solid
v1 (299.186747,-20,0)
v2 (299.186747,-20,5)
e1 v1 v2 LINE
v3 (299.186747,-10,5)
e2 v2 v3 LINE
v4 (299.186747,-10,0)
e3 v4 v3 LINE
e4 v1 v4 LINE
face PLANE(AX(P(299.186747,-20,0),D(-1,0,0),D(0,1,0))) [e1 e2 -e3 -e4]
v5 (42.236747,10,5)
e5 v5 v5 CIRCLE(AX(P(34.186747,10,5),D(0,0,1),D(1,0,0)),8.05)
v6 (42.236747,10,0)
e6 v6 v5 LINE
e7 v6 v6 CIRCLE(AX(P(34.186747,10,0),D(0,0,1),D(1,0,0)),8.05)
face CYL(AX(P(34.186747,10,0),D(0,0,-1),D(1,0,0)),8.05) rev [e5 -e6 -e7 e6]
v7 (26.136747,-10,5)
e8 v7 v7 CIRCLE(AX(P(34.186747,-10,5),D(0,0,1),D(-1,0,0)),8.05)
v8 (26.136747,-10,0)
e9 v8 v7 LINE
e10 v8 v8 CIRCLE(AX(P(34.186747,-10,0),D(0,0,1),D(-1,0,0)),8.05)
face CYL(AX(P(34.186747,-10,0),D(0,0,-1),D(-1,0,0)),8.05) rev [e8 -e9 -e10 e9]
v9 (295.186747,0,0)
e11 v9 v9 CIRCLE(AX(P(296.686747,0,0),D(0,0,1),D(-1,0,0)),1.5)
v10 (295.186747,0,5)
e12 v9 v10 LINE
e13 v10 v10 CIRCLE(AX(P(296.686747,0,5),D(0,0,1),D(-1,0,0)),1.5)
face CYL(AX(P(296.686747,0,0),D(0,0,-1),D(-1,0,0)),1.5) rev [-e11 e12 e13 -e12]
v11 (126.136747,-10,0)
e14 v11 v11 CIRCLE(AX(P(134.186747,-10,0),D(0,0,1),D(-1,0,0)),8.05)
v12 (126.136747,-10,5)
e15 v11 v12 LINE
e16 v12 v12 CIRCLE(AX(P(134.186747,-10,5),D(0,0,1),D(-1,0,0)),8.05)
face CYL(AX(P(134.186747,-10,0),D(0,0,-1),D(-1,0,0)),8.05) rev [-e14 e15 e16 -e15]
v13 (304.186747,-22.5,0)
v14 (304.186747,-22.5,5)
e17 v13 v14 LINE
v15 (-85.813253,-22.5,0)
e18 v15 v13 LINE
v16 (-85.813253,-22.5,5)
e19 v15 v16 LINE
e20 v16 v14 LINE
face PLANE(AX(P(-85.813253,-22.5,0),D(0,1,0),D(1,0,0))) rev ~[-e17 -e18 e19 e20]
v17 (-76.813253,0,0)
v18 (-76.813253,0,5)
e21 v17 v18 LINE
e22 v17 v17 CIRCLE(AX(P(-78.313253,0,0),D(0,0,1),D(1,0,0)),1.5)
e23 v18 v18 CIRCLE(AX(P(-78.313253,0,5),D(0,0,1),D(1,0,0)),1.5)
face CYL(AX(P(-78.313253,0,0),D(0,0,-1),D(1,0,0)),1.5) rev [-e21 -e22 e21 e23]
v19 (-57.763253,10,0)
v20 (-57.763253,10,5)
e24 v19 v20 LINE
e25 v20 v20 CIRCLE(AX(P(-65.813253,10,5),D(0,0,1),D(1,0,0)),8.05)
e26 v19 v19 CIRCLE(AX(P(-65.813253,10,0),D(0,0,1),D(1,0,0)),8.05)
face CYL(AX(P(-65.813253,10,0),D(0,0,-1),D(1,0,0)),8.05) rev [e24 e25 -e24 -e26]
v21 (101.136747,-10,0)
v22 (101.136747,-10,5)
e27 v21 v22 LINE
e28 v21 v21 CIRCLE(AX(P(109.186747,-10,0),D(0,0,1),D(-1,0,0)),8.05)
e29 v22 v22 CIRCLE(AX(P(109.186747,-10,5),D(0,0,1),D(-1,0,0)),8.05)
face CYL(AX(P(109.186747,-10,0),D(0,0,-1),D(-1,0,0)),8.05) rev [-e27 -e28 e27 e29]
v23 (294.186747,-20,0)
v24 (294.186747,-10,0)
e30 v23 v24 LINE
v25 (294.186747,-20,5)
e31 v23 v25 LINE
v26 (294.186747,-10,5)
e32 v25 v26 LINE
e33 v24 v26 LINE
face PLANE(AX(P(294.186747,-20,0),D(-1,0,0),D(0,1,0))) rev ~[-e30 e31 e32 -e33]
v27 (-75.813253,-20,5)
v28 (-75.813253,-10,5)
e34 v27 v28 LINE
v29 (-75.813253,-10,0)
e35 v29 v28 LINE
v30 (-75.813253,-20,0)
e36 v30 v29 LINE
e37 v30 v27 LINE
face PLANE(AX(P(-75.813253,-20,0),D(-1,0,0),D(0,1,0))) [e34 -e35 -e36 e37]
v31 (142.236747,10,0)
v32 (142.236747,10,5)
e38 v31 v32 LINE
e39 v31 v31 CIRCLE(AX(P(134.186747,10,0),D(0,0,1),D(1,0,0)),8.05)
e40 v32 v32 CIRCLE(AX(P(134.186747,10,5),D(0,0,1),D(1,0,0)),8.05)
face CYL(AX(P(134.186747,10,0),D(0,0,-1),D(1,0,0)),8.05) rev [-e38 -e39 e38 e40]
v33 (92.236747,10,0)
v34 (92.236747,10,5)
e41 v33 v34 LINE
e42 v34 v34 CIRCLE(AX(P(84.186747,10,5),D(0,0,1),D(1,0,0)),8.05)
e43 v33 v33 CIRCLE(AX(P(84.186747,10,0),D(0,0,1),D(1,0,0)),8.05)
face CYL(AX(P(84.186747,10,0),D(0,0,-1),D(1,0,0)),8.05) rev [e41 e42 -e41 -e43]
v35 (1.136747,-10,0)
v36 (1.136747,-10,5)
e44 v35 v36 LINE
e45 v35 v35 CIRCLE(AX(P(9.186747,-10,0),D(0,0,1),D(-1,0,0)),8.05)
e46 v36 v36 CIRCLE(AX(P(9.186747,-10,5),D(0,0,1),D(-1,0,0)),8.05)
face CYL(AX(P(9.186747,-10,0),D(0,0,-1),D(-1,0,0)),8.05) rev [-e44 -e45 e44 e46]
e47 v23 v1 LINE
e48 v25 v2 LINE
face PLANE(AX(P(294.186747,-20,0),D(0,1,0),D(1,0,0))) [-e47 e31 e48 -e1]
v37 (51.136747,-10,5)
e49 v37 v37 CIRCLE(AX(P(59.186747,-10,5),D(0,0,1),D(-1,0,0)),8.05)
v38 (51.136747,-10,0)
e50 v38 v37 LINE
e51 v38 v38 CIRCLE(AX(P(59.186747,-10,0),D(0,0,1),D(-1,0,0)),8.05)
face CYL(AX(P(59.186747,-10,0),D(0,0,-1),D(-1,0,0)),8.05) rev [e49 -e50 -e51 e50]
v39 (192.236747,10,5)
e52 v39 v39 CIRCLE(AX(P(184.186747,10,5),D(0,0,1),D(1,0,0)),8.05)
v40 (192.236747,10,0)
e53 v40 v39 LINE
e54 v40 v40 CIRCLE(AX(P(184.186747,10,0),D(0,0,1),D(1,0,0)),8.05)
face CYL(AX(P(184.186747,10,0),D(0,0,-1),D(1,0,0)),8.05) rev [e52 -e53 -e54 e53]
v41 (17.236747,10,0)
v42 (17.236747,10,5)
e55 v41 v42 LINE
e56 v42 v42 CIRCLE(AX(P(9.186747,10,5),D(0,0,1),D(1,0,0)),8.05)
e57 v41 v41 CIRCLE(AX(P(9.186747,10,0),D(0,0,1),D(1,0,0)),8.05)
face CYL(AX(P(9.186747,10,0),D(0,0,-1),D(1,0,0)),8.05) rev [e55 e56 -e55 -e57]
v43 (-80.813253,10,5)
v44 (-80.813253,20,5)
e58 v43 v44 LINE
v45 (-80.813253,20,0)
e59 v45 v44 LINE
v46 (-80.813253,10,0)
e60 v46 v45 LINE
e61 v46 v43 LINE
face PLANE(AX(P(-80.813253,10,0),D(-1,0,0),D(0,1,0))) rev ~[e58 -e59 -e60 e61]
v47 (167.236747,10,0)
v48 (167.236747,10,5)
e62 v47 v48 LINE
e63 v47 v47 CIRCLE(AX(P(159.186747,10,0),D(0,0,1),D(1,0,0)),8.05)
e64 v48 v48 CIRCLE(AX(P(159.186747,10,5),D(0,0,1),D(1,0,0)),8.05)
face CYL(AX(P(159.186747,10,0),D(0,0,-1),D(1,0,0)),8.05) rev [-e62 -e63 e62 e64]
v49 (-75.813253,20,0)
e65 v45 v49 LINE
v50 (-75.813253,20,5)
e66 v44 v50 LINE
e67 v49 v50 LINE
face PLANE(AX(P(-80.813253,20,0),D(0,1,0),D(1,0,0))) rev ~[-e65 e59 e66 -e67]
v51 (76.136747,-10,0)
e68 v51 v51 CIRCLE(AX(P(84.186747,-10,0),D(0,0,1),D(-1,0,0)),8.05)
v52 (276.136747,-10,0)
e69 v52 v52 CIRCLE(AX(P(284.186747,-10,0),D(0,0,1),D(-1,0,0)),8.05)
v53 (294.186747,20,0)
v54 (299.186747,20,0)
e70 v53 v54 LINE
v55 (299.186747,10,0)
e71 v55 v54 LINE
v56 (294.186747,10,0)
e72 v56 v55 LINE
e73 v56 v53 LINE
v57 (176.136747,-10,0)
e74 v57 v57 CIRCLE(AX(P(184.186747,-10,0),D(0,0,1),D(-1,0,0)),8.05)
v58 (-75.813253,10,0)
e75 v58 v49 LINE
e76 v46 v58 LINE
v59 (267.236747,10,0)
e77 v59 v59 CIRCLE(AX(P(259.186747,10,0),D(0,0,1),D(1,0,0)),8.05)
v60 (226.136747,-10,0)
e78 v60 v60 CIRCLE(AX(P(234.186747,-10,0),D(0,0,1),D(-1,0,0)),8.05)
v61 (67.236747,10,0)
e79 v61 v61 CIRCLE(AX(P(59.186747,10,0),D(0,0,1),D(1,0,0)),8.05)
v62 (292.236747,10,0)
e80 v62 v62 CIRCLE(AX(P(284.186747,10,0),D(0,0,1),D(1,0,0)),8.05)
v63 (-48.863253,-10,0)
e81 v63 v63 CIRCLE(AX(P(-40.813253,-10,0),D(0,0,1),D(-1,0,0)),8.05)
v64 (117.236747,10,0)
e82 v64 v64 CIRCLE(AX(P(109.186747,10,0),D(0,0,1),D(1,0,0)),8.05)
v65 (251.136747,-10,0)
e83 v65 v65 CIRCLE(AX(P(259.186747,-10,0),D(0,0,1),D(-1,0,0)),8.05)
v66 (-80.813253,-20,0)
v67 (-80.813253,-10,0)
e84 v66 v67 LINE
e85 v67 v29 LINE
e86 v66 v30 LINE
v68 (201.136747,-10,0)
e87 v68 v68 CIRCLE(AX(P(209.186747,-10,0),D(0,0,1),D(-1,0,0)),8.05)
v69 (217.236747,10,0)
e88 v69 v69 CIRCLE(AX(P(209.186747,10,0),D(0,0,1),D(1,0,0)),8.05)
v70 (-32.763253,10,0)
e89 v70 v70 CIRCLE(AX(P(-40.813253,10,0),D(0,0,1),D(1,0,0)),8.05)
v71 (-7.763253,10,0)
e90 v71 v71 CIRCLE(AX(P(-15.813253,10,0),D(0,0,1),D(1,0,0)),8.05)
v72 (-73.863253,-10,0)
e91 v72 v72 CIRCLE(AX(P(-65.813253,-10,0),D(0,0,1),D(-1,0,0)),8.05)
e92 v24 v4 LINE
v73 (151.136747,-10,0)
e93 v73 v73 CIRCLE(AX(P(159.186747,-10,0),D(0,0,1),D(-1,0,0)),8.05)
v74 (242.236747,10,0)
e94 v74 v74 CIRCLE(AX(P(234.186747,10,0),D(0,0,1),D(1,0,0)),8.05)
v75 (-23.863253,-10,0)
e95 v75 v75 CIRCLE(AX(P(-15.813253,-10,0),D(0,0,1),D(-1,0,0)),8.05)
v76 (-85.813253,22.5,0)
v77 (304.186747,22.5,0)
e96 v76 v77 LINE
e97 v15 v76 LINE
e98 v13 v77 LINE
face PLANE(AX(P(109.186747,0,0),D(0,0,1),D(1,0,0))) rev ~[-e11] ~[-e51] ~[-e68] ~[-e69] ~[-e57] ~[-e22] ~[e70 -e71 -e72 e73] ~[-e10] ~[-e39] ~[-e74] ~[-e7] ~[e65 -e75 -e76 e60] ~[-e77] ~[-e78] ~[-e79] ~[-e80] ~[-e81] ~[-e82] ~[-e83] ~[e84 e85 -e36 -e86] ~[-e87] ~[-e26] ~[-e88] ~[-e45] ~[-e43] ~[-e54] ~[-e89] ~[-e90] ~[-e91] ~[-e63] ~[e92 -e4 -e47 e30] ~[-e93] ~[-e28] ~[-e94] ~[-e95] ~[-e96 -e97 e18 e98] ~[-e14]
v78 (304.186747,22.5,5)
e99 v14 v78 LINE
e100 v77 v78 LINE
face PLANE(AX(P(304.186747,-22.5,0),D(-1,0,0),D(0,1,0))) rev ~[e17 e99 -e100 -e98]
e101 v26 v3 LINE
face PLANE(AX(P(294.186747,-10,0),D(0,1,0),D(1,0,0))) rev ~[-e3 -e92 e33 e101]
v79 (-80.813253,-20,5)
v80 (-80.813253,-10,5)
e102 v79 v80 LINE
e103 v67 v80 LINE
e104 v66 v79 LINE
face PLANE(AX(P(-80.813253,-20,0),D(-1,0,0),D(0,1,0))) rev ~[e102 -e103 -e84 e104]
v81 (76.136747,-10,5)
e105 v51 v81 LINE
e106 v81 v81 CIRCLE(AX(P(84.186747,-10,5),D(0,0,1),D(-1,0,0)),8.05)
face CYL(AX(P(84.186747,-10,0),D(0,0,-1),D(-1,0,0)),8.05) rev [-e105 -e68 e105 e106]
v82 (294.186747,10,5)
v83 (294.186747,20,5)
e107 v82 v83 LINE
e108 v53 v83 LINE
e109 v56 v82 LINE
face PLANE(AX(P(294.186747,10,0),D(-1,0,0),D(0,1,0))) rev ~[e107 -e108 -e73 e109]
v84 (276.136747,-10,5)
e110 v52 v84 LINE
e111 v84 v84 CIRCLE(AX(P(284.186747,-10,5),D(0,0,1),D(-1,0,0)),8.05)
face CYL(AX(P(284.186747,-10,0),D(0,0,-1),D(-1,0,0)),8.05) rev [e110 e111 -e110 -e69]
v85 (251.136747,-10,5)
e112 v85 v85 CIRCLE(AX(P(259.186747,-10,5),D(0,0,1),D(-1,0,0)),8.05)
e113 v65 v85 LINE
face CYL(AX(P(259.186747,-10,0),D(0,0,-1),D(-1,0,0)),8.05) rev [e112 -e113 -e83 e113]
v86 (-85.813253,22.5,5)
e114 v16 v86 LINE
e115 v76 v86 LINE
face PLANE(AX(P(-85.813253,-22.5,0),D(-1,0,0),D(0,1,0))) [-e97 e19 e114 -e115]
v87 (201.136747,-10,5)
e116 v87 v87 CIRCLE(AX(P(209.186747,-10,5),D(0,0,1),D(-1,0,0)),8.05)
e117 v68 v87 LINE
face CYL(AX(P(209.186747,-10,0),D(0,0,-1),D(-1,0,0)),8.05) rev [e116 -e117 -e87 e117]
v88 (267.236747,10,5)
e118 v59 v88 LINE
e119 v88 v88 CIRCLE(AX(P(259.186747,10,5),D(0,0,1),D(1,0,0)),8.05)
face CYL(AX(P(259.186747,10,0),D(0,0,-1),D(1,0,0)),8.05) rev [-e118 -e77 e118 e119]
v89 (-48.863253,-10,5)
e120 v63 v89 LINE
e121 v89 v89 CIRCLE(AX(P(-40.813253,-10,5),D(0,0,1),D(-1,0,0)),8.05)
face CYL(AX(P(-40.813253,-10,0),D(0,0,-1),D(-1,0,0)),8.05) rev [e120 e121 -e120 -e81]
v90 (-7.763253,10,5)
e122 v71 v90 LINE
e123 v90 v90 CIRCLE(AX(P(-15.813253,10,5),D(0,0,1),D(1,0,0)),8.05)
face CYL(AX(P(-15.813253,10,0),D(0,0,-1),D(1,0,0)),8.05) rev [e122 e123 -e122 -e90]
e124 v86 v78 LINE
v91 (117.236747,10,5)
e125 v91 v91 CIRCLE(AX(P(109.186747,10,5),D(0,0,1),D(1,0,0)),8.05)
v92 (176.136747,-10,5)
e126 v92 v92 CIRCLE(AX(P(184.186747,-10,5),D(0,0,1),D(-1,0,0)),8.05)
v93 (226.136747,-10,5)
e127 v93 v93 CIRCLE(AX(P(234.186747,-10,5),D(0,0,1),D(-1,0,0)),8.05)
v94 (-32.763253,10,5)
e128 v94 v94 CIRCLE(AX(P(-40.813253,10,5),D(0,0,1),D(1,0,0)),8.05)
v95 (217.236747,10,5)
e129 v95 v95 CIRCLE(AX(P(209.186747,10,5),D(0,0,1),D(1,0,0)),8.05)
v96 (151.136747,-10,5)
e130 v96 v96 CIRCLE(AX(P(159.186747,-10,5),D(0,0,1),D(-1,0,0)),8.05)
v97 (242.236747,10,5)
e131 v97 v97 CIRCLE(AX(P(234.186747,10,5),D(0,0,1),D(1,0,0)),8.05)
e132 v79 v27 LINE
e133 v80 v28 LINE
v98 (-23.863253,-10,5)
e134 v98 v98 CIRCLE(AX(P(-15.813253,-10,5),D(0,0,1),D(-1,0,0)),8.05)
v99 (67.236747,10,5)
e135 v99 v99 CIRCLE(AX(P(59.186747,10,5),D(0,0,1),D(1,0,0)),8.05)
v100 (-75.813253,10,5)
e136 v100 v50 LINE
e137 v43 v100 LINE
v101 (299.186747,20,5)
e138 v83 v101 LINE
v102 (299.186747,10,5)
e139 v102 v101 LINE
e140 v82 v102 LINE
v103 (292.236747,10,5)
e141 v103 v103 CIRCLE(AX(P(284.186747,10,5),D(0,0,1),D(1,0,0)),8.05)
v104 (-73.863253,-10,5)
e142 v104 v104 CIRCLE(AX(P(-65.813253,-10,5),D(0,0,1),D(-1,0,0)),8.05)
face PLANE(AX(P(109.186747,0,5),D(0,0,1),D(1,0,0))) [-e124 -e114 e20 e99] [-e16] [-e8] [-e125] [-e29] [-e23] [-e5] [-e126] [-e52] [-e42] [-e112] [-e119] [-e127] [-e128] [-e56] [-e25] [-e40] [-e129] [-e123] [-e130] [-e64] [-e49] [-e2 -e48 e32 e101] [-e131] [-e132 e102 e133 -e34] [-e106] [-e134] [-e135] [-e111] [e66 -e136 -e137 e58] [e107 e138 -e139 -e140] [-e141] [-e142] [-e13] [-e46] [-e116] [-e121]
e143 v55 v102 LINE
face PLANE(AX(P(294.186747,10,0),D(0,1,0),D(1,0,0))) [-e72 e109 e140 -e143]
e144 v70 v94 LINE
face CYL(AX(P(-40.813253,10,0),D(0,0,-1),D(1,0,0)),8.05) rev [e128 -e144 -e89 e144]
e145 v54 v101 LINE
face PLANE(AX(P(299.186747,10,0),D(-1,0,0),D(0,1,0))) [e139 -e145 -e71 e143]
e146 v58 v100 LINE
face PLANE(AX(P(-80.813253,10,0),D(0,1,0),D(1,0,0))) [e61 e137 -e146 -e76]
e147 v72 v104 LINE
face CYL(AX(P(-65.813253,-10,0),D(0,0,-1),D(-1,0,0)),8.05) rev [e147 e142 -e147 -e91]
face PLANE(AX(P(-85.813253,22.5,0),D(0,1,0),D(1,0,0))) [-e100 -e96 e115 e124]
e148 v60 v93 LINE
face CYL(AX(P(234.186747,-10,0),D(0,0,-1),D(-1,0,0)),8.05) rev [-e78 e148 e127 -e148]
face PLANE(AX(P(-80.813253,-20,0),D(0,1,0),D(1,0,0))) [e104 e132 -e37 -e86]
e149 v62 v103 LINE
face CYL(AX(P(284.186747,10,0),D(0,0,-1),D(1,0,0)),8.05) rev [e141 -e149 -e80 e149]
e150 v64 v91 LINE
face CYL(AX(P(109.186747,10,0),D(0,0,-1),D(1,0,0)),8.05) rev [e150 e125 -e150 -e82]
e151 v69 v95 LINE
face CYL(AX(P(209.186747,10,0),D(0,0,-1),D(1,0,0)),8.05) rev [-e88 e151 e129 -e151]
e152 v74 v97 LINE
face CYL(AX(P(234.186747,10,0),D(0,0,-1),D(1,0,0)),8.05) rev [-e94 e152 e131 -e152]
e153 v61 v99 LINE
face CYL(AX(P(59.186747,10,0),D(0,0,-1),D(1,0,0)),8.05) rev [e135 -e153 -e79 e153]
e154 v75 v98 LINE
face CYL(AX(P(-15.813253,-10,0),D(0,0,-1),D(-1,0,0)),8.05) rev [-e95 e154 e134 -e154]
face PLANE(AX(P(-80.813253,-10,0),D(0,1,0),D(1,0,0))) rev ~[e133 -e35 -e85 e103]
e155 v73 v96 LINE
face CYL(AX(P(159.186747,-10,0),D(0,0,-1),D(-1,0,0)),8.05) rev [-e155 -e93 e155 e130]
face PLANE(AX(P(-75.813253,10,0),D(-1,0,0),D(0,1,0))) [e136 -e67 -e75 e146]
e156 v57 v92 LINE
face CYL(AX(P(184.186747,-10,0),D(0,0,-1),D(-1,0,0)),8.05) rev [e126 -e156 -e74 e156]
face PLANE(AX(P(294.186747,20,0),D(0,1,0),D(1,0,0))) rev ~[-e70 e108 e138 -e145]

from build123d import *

# Parameters (mm, degrees)
SKETCH1_W           = 390
SKETCH1_H           = 45
SKETCH1_R           = 8.05
SKETCH1_R_2         = 1.5
SKETCH1_W_2         = 5
SKETCH1_H_2         = 10
BOSS_EXTRUDE1_DEPTH = 5


with BuildPart() as part:
    # Sketch1 → Boss-Extrude1 (new body)
    with BuildSketch(Plane.XY):
        with Locations((109.186746988, 0)):
            Rectangle(SKETCH1_W, SKETCH1_H)
        with Locations((-65.813253012, 10)):
            Circle(SKETCH1_R, mode=Mode.SUBTRACT)
        with Locations((-40.813253012, 10)):
            Circle(SKETCH1_R, mode=Mode.SUBTRACT)
        with Locations((-15.813253012, 10)):
            Circle(SKETCH1_R, mode=Mode.SUBTRACT)
        with Locations((9.186746988, 10)):
            Circle(SKETCH1_R, mode=Mode.SUBTRACT)
        with Locations((34.186746988, 10)):
            Circle(SKETCH1_R, mode=Mode.SUBTRACT)
        with Locations((59.186746988, 10)):
            Circle(SKETCH1_R, mode=Mode.SUBTRACT)
        with Locations((84.186746988, 10)):
            Circle(SKETCH1_R, mode=Mode.SUBTRACT)
        with Locations((109.186746988, 10)):
            Circle(SKETCH1_R, mode=Mode.SUBTRACT)
        with Locations((134.186746988, 10)):
            Circle(SKETCH1_R, mode=Mode.SUBTRACT)
        with Locations((159.186746988, 10)):
            Circle(SKETCH1_R, mode=Mode.SUBTRACT)
        with Locations((184.186746988, 10)):
            Circle(SKETCH1_R, mode=Mode.SUBTRACT)
        with Locations((209.186746988, 10)):
            Circle(SKETCH1_R, mode=Mode.SUBTRACT)
        with Locations((234.186746988, 10)):
            Circle(SKETCH1_R, mode=Mode.SUBTRACT)
        with Locations((259.186746988, 10)):
            Circle(SKETCH1_R, mode=Mode.SUBTRACT)
        with Locations((284.186746988, 10)):
            Circle(SKETCH1_R, mode=Mode.SUBTRACT)
        with Locations(Location((284.186746988, -10, 0), (0, 0, 180))):
            Circle(SKETCH1_R, mode=Mode.SUBTRACT)
        with Locations(Location((259.186746988, -10, 0), (0, 0, 180))):
            Circle(SKETCH1_R, mode=Mode.SUBTRACT)
        with Locations(Location((234.186746988, -10, 0), (0, 0, 180))):
            Circle(SKETCH1_R, mode=Mode.SUBTRACT)
        with Locations(Location((209.186746988, -10, 0), (0, 0, 180))):
            Circle(SKETCH1_R, mode=Mode.SUBTRACT)
        with Locations(Location((184.186746988, -10, 0), (0, 0, 180))):
            Circle(SKETCH1_R, mode=Mode.SUBTRACT)
        with Locations(Location((159.186746988, -10, 0), (0, 0, 180))):
            Circle(SKETCH1_R, mode=Mode.SUBTRACT)
        with Locations(Location((134.186746988, -10, 0), (0, 0, 180))):
            Circle(SKETCH1_R, mode=Mode.SUBTRACT)
        with Locations(Location((109.186746988, -10, 0), (0, 0, 180))):
            Circle(SKETCH1_R, mode=Mode.SUBTRACT)
        with Locations(Location((84.186746988, -10, 0), (0, 0, 180))):
            Circle(SKETCH1_R, mode=Mode.SUBTRACT)
        with Locations(Location((59.186746988, -10, 0), (0, 0, 180))):
            Circle(SKETCH1_R, mode=Mode.SUBTRACT)
        with Locations(Location((34.186746988, -10, 0), (0, 0, 180))):
            Circle(SKETCH1_R, mode=Mode.SUBTRACT)
        with Locations(Location((9.186746988, -10, 0), (0, 0, 180))):
            Circle(SKETCH1_R, mode=Mode.SUBTRACT)
        with Locations(Location((-15.813253012, -10, 0), (0, 0, 180))):
            Circle(SKETCH1_R, mode=Mode.SUBTRACT)
        with Locations(Location((-40.813253012, -10, 0), (0, 0, 180))):
            Circle(SKETCH1_R, mode=Mode.SUBTRACT)
        with Locations(Location((-65.813253012, -10, 0), (0, 0, 180))):
            Circle(SKETCH1_R, mode=Mode.SUBTRACT)
        with Locations((-78.313253012, 0)):
            Circle(SKETCH1_R_2, mode=Mode.SUBTRACT)
        with Locations(Location((296.686746988, 0, 0), (0, 0, 180))):
            Circle(SKETCH1_R_2, mode=Mode.SUBTRACT)
        with Locations((-78.313253012, -15)):
            Rectangle(SKETCH1_W_2, SKETCH1_H_2, mode=Mode.SUBTRACT)
        with Locations((-78.313253012, 15)):
            Rectangle(SKETCH1_W_2, SKETCH1_H_2, mode=Mode.SUBTRACT)
        with Locations((296.686746988, -15)):
            Rectangle(SKETCH1_W_2, SKETCH1_H_2, mode=Mode.SUBTRACT)
        with Locations((296.686746988, 15)):
            Rectangle(SKETCH1_W_2, SKETCH1_H_2, mode=Mode.SUBTRACT)
    extrude(amount=BOSS_EXTRUDE1_DEPTH)


solid = part.part
